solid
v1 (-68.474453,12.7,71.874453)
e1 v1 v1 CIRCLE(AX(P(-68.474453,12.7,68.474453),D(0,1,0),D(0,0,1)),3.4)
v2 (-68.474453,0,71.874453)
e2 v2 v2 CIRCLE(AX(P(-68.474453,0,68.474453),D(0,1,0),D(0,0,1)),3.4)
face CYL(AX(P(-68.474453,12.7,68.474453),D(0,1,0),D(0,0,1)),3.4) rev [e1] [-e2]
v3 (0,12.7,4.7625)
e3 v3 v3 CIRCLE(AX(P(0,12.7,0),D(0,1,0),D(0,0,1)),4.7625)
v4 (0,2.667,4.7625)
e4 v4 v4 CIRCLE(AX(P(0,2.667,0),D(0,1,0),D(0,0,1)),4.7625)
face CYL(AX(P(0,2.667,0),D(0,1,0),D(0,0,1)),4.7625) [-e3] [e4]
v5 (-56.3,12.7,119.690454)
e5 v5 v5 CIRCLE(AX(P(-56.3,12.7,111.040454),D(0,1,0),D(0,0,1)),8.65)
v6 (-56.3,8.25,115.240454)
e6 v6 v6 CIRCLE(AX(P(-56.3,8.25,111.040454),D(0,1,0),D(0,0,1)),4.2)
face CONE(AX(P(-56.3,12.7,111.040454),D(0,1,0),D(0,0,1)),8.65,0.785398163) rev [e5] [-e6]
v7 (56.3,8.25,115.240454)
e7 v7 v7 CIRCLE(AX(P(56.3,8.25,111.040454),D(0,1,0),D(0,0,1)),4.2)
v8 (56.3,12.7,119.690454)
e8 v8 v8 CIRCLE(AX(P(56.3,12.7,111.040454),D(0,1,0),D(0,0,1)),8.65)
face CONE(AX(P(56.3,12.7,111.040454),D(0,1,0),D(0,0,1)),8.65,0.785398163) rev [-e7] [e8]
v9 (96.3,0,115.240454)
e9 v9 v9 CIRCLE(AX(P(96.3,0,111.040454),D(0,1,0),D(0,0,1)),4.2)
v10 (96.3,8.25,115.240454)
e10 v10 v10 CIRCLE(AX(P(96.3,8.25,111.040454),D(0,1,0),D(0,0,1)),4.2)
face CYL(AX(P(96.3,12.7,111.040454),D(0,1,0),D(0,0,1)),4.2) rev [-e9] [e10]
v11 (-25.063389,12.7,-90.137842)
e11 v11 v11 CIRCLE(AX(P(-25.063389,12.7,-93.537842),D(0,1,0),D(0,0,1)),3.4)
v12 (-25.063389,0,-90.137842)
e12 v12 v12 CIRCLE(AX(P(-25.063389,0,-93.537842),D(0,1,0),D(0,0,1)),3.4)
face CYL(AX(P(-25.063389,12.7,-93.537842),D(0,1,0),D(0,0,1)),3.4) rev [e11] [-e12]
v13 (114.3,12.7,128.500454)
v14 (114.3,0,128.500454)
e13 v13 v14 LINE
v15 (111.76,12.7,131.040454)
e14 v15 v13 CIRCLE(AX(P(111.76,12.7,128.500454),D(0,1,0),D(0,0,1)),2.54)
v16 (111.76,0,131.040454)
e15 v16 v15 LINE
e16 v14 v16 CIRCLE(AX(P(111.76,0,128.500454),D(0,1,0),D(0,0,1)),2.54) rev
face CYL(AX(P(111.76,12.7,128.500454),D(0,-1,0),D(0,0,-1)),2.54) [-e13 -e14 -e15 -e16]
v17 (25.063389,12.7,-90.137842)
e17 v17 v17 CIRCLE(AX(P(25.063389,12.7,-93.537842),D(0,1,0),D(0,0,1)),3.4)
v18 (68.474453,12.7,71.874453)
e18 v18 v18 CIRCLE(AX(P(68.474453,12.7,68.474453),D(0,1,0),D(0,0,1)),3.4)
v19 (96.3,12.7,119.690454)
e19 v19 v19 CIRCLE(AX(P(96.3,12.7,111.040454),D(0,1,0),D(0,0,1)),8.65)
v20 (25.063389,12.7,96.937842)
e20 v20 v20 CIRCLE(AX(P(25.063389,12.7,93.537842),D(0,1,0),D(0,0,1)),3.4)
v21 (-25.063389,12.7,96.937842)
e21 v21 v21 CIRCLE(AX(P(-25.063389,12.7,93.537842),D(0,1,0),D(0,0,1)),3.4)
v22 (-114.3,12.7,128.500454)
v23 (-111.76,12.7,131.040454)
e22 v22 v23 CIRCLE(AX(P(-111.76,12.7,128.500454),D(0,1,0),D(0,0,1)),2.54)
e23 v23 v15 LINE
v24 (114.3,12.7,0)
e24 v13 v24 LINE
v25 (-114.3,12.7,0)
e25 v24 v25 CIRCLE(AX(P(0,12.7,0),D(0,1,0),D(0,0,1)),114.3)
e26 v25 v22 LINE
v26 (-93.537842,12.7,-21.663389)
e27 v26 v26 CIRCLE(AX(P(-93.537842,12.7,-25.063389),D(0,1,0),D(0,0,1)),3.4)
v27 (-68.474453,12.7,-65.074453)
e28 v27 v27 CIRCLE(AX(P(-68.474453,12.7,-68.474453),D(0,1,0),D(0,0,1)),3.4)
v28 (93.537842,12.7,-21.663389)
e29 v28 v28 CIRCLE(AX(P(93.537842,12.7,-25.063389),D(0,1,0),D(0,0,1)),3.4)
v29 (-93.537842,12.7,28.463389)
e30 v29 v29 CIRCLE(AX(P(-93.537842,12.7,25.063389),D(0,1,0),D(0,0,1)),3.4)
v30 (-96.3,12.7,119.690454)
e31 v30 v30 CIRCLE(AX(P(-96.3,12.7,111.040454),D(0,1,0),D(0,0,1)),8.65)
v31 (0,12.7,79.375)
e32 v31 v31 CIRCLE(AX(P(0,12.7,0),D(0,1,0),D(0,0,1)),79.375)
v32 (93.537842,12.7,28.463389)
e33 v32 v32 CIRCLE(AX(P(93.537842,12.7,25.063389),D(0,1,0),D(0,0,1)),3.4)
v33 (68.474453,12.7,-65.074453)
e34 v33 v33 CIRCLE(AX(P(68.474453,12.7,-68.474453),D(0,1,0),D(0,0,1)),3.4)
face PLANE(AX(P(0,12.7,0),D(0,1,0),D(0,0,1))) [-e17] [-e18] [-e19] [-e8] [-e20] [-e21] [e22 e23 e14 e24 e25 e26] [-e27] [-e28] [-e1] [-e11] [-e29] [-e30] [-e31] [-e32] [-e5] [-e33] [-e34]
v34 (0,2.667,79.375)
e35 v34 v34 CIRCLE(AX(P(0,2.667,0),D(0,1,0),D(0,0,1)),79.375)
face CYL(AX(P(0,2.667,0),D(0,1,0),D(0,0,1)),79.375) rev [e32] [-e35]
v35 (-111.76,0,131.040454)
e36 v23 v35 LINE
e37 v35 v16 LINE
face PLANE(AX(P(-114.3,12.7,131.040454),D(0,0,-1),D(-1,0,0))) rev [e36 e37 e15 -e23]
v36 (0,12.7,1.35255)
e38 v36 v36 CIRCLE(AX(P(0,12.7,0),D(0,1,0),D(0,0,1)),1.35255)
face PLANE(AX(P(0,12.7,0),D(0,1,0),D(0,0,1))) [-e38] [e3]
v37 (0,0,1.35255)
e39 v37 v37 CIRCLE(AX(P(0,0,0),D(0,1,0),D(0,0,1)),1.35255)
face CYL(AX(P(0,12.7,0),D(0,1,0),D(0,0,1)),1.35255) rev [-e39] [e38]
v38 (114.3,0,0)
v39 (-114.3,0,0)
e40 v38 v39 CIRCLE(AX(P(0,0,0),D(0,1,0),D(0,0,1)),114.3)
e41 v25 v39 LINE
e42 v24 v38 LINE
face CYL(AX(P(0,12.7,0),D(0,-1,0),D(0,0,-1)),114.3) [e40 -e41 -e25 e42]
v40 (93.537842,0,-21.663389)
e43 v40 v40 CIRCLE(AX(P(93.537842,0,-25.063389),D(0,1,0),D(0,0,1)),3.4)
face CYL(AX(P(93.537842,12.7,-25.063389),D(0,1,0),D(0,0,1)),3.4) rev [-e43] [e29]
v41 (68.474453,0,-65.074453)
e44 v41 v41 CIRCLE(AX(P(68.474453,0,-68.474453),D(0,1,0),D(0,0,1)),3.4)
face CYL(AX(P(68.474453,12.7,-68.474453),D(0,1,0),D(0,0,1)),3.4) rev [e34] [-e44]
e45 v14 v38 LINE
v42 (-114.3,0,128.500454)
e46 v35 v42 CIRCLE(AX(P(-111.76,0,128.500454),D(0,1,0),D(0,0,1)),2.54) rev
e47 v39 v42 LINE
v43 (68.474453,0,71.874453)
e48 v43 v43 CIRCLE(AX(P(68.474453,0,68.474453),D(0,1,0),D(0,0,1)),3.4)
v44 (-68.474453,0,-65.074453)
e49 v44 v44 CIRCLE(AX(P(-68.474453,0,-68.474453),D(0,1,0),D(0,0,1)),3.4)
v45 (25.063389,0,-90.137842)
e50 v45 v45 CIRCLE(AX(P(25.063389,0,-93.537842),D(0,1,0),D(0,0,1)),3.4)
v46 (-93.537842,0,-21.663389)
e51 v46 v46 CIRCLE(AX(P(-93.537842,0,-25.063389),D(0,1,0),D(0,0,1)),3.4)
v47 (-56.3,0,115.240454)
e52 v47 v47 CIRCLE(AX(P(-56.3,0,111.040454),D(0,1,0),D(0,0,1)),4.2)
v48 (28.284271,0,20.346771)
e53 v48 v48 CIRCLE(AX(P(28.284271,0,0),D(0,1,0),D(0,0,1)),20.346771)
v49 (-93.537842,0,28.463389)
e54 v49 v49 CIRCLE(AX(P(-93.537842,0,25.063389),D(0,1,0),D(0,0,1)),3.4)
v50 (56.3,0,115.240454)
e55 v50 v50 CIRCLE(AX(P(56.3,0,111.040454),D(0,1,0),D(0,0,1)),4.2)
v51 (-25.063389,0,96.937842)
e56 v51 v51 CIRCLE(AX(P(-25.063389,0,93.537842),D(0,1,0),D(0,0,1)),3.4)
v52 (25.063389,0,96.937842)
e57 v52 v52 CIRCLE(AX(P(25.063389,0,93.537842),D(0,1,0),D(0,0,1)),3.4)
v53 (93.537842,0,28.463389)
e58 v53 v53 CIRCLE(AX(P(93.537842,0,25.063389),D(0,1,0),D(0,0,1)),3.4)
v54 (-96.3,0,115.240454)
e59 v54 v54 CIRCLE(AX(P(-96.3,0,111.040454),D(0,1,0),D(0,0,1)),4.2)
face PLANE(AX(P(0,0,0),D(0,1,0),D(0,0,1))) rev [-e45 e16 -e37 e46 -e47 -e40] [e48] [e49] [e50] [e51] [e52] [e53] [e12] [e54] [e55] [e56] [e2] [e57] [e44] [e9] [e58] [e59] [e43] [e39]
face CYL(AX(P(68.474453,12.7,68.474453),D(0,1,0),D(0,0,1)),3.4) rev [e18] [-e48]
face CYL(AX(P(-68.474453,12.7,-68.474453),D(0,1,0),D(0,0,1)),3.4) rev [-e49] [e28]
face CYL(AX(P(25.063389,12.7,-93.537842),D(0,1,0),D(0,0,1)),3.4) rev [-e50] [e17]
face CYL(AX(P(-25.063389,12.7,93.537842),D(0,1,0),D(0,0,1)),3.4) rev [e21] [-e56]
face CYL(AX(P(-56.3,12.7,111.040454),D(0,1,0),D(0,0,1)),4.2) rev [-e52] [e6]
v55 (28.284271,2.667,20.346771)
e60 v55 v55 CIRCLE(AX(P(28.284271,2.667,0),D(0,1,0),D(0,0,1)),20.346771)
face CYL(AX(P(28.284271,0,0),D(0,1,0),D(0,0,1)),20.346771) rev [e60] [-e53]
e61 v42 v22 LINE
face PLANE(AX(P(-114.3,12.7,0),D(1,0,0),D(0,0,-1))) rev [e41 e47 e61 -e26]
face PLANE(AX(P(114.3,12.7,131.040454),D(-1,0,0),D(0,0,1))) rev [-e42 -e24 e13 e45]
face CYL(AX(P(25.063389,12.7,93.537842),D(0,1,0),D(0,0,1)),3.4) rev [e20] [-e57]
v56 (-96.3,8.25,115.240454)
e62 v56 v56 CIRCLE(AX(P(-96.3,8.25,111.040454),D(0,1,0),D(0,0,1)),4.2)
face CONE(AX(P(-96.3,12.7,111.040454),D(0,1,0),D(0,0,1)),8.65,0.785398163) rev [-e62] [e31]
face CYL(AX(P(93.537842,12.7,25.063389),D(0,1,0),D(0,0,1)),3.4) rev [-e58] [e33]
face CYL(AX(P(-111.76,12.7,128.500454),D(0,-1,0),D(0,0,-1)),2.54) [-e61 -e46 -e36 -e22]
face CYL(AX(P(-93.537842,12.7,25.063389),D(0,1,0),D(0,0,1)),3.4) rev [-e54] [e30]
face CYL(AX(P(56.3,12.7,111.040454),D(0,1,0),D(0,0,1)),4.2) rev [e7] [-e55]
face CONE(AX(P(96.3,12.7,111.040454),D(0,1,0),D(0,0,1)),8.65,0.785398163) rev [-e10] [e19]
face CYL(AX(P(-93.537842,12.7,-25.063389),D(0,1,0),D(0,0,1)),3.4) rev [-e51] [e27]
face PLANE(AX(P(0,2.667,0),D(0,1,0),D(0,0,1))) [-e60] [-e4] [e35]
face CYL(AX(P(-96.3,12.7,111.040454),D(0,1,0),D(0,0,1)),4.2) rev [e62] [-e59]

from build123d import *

# Parameters (mm, degrees)
SKETCH1_R                                       = 1.27
BOSS_EXTRUDE1_DEPTH                             = 12.7
SKETCH2_R                                       = 79.375
SKETCH2_R_2                                     = 4.7625
CUT_EXTRUDE1_DEPTH                              = 10.033
SKETCH4_R                                       = 0.127
CUT_EXTRUDE2_DEPTH                              = 175.348445656
M8X1_25_TAPPED_HOLE1_D                          = 6.8
FILLET1_R                                       = 2.54
CSK_FOR_M8_FLAT_HEAD_MACHINE_SCREW3_D           = 8.4
CSK_FOR_M8_FLAT_HEAD_MACHINE_SCREW3_CSINK_D     = 17.3
CSK_FOR_M8_FLAT_HEAD_MACHINE_SCREW3_CSINK_ANGLE = 90
SKETCH22_R                                      = 20.346771346
CUT_EXTRUDE3_DEPTH                              = 175.174486052
F_6_32_TAPPED_HOLE2_D                           = 2.7051


with BuildPart() as part:
    # Sketch1 → Boss-Extrude1 (new body)
    with BuildSketch(Plane(origin=(0, 0, 0), x_dir=(1, 0, 0), z_dir=(0, 1, 0))):
        with BuildLine():
            Line((-114.3, 0), (-114.3, -131.040453687))
            Line((-114.3, -131.040453687), (114.3, -131.040453687))
            Line((114.3, -131.040453687), (114.3, 0))
            ThreePointArc((114.3, 0), (0, 114.3), (-114.3, 0))
        make_face()
        with Locations(Location((-68.474452923, 68.474452923, 0), (0, 0, 270))):
            Circle(SKETCH1_R, mode=Mode.SUBTRACT)
        with Locations(Location((25.06338928, 93.537842203, 0), (0, 0, 270))):
            Circle(SKETCH1_R, mode=Mode.SUBTRACT)
        with Locations(Location((68.474452923, 68.474452923, 0), (0, 0, 270))):
            Circle(SKETCH1_R, mode=Mode.SUBTRACT)
        with Locations(Location((93.537842203, 25.06338928, 0), (0, 0, 270))):
            Circle(SKETCH1_R, mode=Mode.SUBTRACT)
        with Locations(Location((93.537842203, -25.06338928, 0), (0, 0, 270))):
            Circle(SKETCH1_R, mode=Mode.SUBTRACT)
        with Locations(Location((68.474452923, -68.474452923, 0), (0, 0, 270))):
            Circle(SKETCH1_R, mode=Mode.SUBTRACT)
        with Locations(Location((25.06338928, -93.537842203, 0), (0, 0, 270))):
            Circle(SKETCH1_R, mode=Mode.SUBTRACT)
        with Locations(Location((-25.06338928, -93.537842203, 0), (0, 0, 270))):
            Circle(SKETCH1_R, mode=Mode.SUBTRACT)
        with Locations(Location((-68.474452923, -68.474452923, 0), (0, 0, 270))):
            Circle(SKETCH1_R, mode=Mode.SUBTRACT)
        with Locations(Location((-93.537842203, -25.06338928, 0), (0, 0, 270))):
            Circle(SKETCH1_R, mode=Mode.SUBTRACT)
        with Locations(Location((-93.537842203, 25.06338928, 0), (0, 0, 270))):
            Circle(SKETCH1_R, mode=Mode.SUBTRACT)
        with Locations(Location((-25.06338928, 93.537842203, 0), (0, 0, 270))):
            Circle(SKETCH1_R, mode=Mode.SUBTRACT)
        with Locations(Location((96.3, -111.040453687, 0), (0, 0, 270))):
            Circle(SKETCH1_R, mode=Mode.SUBTRACT)
        with Locations(Location((56.3, -111.040453687, 0), (0, 0, 270))):
            Circle(SKETCH1_R, mode=Mode.SUBTRACT)
        with Locations(Location((-56.3, -111.040453687, 0), (0, 0, 270))):
            Circle(SKETCH1_R, mode=Mode.SUBTRACT)
        with Locations(Location((-96.3, -111.040453687, 0), (0, 0, 270))):
            Circle(SKETCH1_R, mode=Mode.SUBTRACT)
    extrude(amount=BOSS_EXTRUDE1_DEPTH)

    # Sketch2 → Cut-Extrude1 (cut)
    with BuildSketch(Plane(origin=(0, 12.7, 0), x_dir=(1, 0, 0), z_dir=(0, 1, 0))):
        with Locations(Location((0, 0, 0), (0, 0, 270))):
            Circle(SKETCH2_R)
        with Locations(Location((0, 0, 0), (0, 0, 270))):
            Circle(SKETCH2_R_2, mode=Mode.SUBTRACT)
    extrude(amount=-CUT_EXTRUDE1_DEPTH, mode=Mode.SUBTRACT)

    # Sketch4 → Cut-Extrude2 (cut, through all)
    with BuildSketch(Plane(origin=(0, 12.7, 0), x_dir=(1, 0, 0), z_dir=(0, 1, 0))):
        with Locations(Location((0, 0, 0), (0, 0, 270))):
            Circle(SKETCH4_R)
    extrude(amount=-CUT_EXTRUDE2_DEPTH, mode=Mode.SUBTRACT)

    # M8x1.25 Tapped Hole1 (through all)
    with Locations(Plane(origin=(0, 12.7, 0), x_dir=(1, 0, 0), z_dir=(0, 1, 0))):
        with Locations((-93.537842203, 25.06338928), (-93.537842203, -25.06338928), (-25.06338928, 93.537842203), (-68.474452923, 68.474452923), (25.06338928, 93.537842203), (68.474452923, 68.474452923), (93.537842203, 25.06338928), (93.537842203, -25.06338928), (68.474452923, -68.474452923), (25.06338928, -93.537842203), (-25.06338928, -93.537842203), (-68.474452923, -68.474452923)):
            Hole(M8X1_25_TAPPED_HOLE1_D / 2)

    # Fillet1
    fillet1_edges = [part.edges().sort_by_distance(p)[0] for p in [
        (114.3, 6.35, 131.040453687),
        (-114.3, 6.35, 131.040453687),
    ]]
    fillet(fillet1_edges, radius=FILLET1_R)

    # CSK for M8 Flat Head Machine Screw3 (through all)
    with Locations(Plane(origin=(0, 12.7, 0), x_dir=(1, 0, 0), z_dir=(0, 1, 0))):
        with Locations((-96.3, -111.040453687), (-56.3, -111.040453687), (56.3, -111.040453687), (96.3, -111.040453687)):
            CounterSinkHole(CSK_FOR_M8_FLAT_HEAD_MACHINE_SCREW3_D / 2, CSK_FOR_M8_FLAT_HEAD_MACHINE_SCREW3_CSINK_D / 2, counter_sink_angle=CSK_FOR_M8_FLAT_HEAD_MACHINE_SCREW3_CSINK_ANGLE)

    # Sketch22 → Cut-Extrude3 (cut, through all)
    with BuildSketch(Plane(origin=(0, 2.667, 0), x_dir=(1, 0, 0), z_dir=(0, 1, 0))):
        with Locations(Location((28.284271346, 0, 0), (0, 0, 270))):
            Circle(SKETCH22_R)
    extrude(amount=-CUT_EXTRUDE3_DEPTH, mode=Mode.SUBTRACT)

    # #6-32 Tapped Hole2 (through all)
    with Locations(Plane(origin=(0, 12.7, 0), x_dir=(1, 0, 0), z_dir=(0, 1, 0))):
        with Locations((0, 0)):
            Hole(F_6_32_TAPPED_HOLE2_D / 2)


solid = part.part
